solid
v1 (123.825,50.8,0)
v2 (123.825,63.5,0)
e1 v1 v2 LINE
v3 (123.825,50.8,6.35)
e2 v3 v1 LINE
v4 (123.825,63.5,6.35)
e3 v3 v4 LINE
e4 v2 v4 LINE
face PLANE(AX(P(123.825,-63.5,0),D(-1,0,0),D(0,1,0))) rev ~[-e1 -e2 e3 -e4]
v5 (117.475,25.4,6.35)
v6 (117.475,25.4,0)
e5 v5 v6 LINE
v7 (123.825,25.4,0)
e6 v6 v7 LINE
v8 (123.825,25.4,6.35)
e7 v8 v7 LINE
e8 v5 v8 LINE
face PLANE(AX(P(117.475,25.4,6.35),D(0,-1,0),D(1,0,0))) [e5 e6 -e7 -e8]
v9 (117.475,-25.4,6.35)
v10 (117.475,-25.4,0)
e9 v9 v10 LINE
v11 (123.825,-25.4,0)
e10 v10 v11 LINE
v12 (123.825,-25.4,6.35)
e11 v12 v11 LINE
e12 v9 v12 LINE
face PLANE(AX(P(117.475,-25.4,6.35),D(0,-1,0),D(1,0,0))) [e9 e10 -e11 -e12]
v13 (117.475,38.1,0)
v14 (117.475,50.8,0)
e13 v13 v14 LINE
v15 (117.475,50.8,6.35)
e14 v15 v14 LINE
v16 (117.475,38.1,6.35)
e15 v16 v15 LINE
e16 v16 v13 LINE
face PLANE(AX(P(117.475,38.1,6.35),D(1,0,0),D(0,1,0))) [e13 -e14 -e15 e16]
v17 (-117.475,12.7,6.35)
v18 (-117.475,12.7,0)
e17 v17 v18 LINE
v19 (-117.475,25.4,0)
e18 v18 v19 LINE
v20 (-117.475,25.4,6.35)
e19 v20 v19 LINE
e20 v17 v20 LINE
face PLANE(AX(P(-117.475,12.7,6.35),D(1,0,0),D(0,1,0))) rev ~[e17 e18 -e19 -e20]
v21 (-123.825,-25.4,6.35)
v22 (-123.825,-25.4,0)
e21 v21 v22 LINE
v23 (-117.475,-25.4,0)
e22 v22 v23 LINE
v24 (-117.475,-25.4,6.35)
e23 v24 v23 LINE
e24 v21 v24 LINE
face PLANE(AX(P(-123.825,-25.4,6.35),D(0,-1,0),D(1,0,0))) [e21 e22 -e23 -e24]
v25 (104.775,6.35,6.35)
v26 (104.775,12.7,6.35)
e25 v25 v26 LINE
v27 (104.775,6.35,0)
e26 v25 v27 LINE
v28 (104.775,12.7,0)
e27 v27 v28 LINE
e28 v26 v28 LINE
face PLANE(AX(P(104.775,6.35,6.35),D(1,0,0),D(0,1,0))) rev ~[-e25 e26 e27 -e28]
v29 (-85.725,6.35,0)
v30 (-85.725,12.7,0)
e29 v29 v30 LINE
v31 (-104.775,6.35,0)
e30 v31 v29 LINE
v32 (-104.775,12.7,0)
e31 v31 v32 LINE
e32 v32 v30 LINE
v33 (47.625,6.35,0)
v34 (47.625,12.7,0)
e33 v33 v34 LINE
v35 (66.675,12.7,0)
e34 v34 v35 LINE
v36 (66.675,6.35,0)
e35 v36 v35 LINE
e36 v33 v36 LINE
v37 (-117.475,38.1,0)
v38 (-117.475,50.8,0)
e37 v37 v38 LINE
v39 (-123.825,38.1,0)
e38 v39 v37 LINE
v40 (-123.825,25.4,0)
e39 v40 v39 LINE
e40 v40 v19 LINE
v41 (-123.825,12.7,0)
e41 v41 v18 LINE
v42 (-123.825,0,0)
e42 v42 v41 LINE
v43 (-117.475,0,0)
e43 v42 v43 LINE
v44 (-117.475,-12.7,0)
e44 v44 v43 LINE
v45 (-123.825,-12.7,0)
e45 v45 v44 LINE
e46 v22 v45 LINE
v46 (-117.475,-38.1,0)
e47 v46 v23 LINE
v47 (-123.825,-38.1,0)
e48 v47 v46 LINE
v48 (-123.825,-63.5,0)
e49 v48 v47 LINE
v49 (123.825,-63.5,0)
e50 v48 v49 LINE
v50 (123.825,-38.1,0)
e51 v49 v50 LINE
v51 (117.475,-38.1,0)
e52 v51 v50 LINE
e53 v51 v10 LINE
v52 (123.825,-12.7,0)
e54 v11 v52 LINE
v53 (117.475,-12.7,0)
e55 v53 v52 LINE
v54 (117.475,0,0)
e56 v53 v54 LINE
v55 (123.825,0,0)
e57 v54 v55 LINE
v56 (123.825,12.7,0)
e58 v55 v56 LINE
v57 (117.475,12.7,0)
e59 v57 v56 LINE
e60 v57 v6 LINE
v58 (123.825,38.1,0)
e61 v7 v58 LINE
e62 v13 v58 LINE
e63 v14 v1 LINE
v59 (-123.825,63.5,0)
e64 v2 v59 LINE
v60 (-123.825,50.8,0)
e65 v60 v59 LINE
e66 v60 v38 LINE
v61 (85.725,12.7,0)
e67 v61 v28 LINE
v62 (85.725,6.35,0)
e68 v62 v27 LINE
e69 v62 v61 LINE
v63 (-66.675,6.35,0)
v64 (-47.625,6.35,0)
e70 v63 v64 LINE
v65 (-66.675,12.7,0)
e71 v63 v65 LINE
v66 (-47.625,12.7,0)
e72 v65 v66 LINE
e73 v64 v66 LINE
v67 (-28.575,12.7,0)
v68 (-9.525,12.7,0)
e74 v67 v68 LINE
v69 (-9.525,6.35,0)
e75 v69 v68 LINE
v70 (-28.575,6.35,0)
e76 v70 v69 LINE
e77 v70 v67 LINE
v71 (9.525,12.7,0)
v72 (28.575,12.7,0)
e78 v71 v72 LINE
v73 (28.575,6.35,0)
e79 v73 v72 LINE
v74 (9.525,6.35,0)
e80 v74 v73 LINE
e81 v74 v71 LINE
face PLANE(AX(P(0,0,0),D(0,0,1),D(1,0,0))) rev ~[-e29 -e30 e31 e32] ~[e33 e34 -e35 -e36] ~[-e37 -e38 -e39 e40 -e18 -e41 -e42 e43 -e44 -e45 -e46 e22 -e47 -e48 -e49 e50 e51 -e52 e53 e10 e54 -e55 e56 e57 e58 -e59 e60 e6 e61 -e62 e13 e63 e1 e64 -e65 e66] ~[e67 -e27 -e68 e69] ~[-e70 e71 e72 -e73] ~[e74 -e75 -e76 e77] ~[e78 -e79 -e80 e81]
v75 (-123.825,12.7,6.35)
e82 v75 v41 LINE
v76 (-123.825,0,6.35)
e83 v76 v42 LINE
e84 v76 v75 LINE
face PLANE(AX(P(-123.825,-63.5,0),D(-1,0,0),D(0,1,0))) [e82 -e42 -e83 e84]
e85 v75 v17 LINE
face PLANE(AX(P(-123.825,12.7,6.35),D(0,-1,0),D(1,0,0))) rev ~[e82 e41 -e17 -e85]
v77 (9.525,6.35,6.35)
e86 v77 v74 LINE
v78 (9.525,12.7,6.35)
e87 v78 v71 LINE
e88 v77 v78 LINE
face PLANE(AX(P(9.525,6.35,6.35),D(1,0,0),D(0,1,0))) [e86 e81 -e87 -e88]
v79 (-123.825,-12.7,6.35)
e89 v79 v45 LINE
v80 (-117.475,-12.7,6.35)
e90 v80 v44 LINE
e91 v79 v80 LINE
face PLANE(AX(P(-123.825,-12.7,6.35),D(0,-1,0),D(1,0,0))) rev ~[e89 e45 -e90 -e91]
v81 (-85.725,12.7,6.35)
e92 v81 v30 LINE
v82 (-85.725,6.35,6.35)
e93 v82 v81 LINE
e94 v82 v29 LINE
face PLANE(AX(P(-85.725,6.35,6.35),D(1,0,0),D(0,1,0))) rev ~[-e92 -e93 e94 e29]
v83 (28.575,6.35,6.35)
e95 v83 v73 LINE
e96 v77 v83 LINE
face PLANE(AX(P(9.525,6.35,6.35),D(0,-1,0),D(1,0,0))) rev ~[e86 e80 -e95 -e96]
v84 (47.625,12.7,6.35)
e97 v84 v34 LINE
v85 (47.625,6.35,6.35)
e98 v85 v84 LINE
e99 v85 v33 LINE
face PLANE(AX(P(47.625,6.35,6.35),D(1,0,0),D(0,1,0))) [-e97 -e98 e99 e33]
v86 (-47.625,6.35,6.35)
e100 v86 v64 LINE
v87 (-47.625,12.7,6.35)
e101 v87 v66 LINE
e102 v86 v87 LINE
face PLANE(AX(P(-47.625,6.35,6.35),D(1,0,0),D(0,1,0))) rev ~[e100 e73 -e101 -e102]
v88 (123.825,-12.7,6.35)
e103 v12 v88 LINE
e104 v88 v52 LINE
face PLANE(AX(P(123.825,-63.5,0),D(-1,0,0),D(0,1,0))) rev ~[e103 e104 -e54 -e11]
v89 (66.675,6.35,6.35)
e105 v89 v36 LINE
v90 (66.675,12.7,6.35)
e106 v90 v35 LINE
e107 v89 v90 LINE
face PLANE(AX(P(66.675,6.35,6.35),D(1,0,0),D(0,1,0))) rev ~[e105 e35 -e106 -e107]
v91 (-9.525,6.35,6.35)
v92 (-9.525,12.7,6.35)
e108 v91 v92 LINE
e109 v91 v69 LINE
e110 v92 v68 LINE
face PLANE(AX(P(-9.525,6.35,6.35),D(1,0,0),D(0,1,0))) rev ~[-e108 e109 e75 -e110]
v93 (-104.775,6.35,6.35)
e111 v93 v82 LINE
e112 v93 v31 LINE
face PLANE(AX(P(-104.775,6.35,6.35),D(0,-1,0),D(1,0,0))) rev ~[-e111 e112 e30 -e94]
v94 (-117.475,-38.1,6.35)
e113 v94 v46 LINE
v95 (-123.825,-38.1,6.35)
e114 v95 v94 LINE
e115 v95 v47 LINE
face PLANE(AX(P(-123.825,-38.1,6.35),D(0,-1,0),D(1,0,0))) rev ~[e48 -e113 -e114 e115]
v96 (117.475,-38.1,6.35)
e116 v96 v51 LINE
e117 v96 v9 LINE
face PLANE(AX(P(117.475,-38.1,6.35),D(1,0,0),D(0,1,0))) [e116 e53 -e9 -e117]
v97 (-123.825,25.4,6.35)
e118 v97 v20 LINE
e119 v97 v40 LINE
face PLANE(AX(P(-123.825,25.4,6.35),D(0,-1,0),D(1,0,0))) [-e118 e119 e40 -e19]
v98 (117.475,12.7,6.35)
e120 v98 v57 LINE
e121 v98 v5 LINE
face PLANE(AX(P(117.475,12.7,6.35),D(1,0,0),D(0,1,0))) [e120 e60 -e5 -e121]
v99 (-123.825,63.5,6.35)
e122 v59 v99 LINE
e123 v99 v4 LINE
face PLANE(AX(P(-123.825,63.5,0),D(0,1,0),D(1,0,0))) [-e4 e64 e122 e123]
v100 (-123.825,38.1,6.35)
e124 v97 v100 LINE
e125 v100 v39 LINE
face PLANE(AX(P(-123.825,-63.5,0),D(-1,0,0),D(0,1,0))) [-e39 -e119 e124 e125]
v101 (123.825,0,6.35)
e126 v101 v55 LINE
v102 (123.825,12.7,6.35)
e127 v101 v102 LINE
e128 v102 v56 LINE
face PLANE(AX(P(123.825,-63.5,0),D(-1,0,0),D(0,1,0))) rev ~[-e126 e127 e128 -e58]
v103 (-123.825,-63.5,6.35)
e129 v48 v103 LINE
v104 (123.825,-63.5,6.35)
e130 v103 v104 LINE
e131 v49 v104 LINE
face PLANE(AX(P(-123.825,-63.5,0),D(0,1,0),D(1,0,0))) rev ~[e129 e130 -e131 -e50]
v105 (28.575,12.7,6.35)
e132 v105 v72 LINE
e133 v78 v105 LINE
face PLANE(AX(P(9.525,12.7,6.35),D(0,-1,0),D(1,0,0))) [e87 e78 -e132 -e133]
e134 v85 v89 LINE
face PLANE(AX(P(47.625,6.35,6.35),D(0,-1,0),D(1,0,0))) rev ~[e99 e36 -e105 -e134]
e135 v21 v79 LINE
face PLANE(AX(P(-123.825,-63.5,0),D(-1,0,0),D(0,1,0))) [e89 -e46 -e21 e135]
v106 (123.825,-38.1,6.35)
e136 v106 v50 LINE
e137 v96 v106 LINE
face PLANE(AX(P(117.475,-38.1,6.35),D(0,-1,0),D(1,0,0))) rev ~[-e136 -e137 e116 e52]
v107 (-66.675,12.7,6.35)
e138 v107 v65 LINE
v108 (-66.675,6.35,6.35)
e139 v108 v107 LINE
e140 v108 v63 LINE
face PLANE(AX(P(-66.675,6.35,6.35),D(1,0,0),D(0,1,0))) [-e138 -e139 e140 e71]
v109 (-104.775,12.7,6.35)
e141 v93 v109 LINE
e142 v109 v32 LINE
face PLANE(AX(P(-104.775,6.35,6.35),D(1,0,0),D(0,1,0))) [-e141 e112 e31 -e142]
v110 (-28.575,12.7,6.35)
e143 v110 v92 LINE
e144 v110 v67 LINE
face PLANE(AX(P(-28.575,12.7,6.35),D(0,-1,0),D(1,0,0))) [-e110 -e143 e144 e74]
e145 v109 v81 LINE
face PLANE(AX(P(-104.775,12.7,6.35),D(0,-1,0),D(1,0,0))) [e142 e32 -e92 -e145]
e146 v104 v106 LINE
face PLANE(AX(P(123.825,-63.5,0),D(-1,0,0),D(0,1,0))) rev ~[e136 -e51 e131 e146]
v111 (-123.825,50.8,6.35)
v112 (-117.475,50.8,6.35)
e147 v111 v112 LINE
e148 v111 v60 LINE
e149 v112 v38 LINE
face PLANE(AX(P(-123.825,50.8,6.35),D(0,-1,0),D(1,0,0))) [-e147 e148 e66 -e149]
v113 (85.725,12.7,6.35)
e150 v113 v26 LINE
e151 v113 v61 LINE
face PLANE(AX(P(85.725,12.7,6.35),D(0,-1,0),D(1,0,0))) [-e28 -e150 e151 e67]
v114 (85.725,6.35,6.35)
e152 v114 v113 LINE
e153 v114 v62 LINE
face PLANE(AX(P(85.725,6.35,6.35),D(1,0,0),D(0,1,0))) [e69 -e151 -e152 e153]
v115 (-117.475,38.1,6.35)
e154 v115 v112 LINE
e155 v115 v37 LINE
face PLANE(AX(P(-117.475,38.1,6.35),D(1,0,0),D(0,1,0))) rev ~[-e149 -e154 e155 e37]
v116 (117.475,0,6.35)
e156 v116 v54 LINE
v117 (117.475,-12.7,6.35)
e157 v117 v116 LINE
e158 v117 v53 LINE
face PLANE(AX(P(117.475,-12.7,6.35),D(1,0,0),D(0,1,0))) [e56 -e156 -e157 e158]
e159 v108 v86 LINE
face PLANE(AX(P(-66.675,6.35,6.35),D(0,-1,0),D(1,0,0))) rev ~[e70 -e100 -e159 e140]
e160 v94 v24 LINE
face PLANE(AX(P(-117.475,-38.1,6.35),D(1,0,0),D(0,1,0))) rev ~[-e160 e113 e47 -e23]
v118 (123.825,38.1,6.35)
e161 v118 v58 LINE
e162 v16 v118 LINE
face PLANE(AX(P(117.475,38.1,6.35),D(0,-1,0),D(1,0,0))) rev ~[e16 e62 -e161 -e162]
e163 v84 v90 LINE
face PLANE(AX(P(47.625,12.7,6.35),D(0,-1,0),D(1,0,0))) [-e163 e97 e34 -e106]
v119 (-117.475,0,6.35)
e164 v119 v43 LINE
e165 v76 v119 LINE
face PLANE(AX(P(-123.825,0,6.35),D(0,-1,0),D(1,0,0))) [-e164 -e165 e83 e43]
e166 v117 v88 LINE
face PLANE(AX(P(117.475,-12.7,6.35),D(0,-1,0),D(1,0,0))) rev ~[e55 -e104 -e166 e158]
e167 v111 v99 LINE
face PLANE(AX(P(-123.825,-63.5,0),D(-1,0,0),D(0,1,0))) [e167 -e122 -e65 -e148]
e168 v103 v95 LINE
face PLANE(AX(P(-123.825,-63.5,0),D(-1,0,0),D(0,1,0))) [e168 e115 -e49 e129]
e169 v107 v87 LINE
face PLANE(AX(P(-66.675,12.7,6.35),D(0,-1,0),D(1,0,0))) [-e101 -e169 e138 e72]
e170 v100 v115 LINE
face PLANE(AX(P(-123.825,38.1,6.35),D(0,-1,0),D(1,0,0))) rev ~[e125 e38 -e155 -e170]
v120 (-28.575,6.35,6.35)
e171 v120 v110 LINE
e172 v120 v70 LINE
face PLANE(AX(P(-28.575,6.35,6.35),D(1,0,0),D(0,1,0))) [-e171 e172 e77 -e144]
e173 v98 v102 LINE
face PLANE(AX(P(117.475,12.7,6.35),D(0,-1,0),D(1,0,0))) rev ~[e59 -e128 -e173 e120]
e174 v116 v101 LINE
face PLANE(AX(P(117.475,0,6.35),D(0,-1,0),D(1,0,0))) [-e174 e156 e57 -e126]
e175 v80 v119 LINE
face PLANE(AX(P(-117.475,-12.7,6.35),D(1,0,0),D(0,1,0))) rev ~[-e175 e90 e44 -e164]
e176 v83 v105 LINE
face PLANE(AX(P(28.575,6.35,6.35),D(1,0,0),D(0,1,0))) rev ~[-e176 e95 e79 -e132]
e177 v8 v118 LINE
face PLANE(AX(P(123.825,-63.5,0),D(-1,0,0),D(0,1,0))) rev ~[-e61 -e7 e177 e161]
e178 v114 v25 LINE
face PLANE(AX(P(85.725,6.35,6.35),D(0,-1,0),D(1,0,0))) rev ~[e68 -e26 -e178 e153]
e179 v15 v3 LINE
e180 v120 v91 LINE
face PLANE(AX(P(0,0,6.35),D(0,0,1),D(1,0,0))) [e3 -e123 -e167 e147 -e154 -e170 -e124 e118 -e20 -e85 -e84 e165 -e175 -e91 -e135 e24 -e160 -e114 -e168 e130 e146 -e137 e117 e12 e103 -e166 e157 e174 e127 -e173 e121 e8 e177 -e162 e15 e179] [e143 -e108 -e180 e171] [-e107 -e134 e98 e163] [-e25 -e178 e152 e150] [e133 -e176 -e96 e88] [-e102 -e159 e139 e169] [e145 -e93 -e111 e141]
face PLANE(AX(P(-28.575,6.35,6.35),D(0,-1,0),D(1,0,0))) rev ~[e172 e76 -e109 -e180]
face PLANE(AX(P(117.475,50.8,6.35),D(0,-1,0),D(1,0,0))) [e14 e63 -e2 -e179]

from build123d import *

# Parameters (mm, degrees)
ESQUISSE1_W                     = 247.65
ESQUISSE1_H                     = 127
BOSS_EXTRU_1_DEPTH              = 6.35
ESQUISSE2_W                     = 19.05
ESQUISSE2_H                     = 6.35
ENL_V_MAT_EXTRU_1_DEPTH         = 6.35
R_P_TITION_LIN_AIRE1_COUNT      = 6
R_P_TITION_LIN_AIRE1_PITCH      = 38.1
R_P_TITION_LIN_AIRE1_COUNT_DIR2 = 2
R_P_TITION_LIN_AIRE1_PITCH_DIR2 = 57.15
ESQUISSE3_W                     = 6.35
ESQUISSE3_H                     = 12.7
ENL_V_MAT_EXTRU_2_DEPTH         = 6.35
R_P_TITION_LIN_AIRE2_COUNT      = 4
R_P_TITION_LIN_AIRE2_PITCH      = 25.4
R_P_TITION_LIN_AIRE2_COUNT_DIR2 = 2
R_P_TITION_LIN_AIRE2_PITCH_DIR2 = 241.3


with BuildPart() as part:
    # Esquisse1 → Boss.-Extru.1 (new body)
    with BuildSketch(Plane.XY):
        Rectangle(ESQUISSE1_W, ESQUISSE1_H)
    extrude(amount=BOSS_EXTRU_1_DEPTH)

    # Esquisse2 → Enlèv. mat.-Extru.1 (cut)
    with BuildSketch(Plane.XY.offset(6.35)):
        with Locations((-95.25, 9.525)):
            Rectangle(ESQUISSE2_W, ESQUISSE2_H)
    enl_v_mat_extru_1 = extrude(amount=-ENL_V_MAT_EXTRU_1_DEPTH, mode=Mode.SUBTRACT)

    # Répétition linéaire1: Enl_v. mat.-Extru.1 6 × 2
    with Locations(*[(i * R_P_TITION_LIN_AIRE1_PITCH, j * R_P_TITION_LIN_AIRE1_PITCH_DIR2, 0) for i in range(R_P_TITION_LIN_AIRE1_COUNT) for j in range(R_P_TITION_LIN_AIRE1_COUNT_DIR2) if (i, j) != (0, 0)]):
        add(enl_v_mat_extru_1, mode=Mode.SUBTRACT)

    # Esquisse3 → Enlèv. mat.-Extru.2 (cut)
    with BuildSketch(Plane.XY.offset(6.35)):
        with Locations((-120.65, 44.45)):
            Rectangle(ESQUISSE3_W, ESQUISSE3_H)
    enl_v_mat_extru_2 = extrude(amount=-ENL_V_MAT_EXTRU_2_DEPTH, mode=Mode.SUBTRACT)

    # Répétition linéaire2: Enl_v. mat.-Extru.2 4 × 2
    with Locations(*[(j * R_P_TITION_LIN_AIRE2_PITCH_DIR2, -i * R_P_TITION_LIN_AIRE2_PITCH, 0) for i in range(R_P_TITION_LIN_AIRE2_COUNT) for j in range(R_P_TITION_LIN_AIRE2_COUNT_DIR2) if (i, j) != (0, 0)]):
        add(enl_v_mat_extru_2, mode=Mode.SUBTRACT)


solid = part.part
